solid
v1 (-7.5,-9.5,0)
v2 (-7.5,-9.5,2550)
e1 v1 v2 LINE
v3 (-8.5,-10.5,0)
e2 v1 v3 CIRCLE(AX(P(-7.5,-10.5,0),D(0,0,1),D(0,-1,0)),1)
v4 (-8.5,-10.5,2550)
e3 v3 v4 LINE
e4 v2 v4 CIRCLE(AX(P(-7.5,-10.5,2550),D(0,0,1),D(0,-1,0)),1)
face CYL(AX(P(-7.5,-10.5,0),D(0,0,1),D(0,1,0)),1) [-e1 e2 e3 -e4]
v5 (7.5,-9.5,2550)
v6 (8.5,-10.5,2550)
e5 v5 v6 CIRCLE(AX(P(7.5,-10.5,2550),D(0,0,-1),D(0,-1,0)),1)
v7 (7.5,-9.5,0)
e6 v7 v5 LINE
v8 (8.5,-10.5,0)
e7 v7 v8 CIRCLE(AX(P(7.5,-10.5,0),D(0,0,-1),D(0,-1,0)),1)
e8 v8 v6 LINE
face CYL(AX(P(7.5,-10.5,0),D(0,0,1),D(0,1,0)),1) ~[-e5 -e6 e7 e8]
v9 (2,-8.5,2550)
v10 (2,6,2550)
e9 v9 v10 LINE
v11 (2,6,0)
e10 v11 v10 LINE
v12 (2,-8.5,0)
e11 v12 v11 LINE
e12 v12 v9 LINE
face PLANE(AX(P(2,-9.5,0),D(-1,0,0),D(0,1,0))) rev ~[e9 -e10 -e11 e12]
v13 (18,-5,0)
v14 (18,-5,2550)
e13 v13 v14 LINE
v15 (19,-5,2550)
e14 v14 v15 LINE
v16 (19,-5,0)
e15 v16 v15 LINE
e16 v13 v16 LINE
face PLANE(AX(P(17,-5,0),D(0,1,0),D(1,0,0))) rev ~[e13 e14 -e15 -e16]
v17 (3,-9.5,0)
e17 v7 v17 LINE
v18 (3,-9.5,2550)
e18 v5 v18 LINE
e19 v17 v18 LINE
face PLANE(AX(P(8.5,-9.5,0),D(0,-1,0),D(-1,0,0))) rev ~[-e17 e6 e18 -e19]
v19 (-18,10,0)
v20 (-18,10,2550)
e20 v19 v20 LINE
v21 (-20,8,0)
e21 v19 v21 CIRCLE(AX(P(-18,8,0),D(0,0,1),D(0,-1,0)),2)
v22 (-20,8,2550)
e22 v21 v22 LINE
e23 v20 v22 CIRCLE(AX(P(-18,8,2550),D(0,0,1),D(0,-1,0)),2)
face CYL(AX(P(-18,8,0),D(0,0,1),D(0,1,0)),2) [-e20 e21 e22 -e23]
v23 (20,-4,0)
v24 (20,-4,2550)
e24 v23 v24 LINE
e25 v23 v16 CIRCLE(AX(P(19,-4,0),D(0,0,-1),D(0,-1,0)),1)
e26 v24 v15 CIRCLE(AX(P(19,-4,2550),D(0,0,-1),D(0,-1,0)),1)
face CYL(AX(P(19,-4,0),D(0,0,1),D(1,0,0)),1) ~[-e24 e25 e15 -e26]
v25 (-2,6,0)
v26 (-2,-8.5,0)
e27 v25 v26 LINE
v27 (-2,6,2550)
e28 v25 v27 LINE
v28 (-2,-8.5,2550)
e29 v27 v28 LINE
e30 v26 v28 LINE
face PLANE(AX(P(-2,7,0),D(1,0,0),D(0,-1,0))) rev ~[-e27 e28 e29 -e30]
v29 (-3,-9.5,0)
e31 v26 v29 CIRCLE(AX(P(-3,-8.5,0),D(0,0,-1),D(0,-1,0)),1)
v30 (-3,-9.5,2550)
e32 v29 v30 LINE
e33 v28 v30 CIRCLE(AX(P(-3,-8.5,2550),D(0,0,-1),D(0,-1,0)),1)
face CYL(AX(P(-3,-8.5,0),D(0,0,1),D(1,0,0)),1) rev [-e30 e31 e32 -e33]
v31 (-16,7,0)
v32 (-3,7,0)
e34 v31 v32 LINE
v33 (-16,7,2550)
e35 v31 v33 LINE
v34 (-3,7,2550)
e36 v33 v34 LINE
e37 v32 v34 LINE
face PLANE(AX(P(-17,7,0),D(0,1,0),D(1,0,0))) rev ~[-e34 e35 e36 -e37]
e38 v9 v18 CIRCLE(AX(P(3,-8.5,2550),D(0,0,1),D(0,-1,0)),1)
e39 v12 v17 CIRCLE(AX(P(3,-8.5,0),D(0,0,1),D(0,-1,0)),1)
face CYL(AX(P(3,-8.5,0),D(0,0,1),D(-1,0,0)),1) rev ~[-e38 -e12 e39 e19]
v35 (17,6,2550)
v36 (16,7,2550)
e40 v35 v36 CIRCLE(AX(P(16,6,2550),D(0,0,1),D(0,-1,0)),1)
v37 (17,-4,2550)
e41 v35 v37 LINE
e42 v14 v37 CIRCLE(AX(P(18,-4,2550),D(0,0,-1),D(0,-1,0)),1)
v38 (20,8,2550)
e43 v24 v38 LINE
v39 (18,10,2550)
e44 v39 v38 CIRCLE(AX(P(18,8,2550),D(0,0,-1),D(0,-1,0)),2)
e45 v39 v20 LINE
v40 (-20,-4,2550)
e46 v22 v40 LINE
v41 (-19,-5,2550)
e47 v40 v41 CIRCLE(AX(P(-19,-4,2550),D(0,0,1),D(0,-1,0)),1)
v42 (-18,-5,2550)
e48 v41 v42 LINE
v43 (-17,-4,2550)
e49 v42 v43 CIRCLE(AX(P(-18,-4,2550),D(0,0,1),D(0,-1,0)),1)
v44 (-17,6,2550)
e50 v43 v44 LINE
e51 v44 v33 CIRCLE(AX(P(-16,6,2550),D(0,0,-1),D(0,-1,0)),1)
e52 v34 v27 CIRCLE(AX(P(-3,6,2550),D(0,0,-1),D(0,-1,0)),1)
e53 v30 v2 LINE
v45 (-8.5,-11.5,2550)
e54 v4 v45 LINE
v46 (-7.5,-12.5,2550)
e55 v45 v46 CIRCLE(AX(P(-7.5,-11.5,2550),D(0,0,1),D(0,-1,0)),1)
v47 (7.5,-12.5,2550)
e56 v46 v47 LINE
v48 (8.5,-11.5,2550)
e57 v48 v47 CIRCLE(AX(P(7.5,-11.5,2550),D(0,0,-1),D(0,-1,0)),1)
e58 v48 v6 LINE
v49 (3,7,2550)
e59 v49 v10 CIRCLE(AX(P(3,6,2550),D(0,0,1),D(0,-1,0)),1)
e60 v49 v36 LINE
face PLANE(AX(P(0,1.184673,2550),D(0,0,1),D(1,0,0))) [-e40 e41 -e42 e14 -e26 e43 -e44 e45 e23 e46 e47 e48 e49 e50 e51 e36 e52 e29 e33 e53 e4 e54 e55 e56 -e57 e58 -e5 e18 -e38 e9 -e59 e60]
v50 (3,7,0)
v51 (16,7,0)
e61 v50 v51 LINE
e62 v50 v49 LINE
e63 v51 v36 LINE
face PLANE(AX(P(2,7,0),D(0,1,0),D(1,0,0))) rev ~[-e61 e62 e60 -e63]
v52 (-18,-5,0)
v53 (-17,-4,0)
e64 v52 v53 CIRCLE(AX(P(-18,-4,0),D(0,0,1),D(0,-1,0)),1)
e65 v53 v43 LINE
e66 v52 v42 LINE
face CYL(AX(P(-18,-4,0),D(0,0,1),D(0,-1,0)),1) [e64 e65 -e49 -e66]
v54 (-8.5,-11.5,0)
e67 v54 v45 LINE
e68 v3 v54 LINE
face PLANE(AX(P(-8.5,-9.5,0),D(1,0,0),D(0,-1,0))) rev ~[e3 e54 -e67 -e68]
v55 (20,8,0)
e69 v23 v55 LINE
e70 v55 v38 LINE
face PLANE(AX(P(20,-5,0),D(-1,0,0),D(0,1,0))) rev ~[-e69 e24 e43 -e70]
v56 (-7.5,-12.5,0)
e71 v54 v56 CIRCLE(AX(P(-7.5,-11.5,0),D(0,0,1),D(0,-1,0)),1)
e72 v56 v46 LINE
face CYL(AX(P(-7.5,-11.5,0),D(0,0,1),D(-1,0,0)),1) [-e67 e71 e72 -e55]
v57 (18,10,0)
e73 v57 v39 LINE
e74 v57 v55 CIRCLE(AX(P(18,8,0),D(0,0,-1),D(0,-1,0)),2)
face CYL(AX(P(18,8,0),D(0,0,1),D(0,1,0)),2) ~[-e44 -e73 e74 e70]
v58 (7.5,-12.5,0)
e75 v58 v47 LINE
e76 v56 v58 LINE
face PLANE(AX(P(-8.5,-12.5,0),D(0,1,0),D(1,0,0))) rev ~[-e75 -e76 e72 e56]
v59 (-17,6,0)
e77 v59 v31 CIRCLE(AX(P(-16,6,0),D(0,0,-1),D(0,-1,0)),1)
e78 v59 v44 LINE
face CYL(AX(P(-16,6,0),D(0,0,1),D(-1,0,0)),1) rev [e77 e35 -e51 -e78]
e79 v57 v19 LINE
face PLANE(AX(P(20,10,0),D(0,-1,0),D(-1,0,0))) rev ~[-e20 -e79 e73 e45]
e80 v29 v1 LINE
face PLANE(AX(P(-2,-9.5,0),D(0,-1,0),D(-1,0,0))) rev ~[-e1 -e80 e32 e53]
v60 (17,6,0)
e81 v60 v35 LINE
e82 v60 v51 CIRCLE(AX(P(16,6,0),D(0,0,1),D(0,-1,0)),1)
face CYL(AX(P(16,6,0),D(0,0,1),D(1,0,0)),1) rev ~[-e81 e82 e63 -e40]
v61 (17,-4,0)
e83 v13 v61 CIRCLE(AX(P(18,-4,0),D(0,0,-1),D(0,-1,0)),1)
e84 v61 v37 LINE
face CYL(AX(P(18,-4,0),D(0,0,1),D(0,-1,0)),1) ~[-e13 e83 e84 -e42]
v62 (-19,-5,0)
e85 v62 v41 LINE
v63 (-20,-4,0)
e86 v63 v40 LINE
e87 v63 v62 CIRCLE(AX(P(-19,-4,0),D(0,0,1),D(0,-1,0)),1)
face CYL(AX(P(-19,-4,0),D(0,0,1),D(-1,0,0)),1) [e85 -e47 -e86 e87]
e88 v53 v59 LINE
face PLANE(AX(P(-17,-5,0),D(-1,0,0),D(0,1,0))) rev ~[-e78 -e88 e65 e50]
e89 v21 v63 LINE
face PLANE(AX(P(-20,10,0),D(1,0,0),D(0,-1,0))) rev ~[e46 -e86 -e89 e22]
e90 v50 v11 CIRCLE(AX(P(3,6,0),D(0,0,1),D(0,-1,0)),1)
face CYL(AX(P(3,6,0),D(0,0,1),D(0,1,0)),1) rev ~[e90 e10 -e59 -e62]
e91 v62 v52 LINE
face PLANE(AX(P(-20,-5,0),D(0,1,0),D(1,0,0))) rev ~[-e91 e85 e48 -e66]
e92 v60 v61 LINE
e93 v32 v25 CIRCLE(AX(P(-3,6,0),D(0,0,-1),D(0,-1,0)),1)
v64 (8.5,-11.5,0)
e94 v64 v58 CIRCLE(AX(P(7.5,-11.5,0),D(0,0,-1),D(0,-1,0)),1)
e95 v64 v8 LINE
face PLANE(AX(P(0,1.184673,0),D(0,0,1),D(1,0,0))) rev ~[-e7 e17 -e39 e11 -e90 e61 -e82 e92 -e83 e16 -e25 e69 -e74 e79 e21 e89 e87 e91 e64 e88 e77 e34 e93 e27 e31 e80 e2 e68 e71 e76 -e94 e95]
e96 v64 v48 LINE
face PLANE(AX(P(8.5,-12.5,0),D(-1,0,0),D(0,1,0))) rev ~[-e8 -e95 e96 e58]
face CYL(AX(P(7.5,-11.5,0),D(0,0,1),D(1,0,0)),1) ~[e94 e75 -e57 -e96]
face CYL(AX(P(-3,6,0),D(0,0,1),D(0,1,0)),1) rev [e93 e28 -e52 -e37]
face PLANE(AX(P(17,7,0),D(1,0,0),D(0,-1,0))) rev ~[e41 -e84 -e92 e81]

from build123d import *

# Parameters (mm, degrees)
F1_DEPTH = 2550
F2_R     = 2
F3_R     = 1


with BuildPart() as f1:
    # F0 (on Top) → F1 (new body)
    with BuildSketch(Plane.XY):
        Polygon((20, 10), (-20, 10), (-20, -5), (-17, -5), (-17, 7), (-2, 7), (-2, -9.5), (-8.5, -9.5), (-8.5, -12.5), (0, -12.5), (8.5, -12.5), (8.5, -9.5), (2, -9.5), (2, 7), (17, 7), (17, -5), (20, -5), align=None)
    extrude(amount=F1_DEPTH)

    # F2
    f2_edges = [f1.edges().sort_by_distance(p)[0] for p in [
        (-20, 10, 1275),
        (20, 10, 1275),
    ]]
    fillet(f2_edges, radius=F2_R)

    # F3
    f3_edges = [f1.edges().sort_by_distance(p)[0] for p in [
        (-20, -5, 1275),
        (-17, -5, 1275),
        (-17, 7, 1275),
        (2, 7, 1275),
        (17, -5, 1275),
        (20, -5, 1275),
        (8.5, -12.5, 1275),
        (8.5, -9.5, 1275),
        (-8.5, -12.5, 1275),
        (-8.5, -9.5, 1275),
        (-2, 7, 1275),
        (17, 7, 1275),
        (2, -9.5, 1275),
        (-2, -9.5, 1275),
    ]]
    fillet(f3_edges, radius=F3_R)


solid = f1.part
